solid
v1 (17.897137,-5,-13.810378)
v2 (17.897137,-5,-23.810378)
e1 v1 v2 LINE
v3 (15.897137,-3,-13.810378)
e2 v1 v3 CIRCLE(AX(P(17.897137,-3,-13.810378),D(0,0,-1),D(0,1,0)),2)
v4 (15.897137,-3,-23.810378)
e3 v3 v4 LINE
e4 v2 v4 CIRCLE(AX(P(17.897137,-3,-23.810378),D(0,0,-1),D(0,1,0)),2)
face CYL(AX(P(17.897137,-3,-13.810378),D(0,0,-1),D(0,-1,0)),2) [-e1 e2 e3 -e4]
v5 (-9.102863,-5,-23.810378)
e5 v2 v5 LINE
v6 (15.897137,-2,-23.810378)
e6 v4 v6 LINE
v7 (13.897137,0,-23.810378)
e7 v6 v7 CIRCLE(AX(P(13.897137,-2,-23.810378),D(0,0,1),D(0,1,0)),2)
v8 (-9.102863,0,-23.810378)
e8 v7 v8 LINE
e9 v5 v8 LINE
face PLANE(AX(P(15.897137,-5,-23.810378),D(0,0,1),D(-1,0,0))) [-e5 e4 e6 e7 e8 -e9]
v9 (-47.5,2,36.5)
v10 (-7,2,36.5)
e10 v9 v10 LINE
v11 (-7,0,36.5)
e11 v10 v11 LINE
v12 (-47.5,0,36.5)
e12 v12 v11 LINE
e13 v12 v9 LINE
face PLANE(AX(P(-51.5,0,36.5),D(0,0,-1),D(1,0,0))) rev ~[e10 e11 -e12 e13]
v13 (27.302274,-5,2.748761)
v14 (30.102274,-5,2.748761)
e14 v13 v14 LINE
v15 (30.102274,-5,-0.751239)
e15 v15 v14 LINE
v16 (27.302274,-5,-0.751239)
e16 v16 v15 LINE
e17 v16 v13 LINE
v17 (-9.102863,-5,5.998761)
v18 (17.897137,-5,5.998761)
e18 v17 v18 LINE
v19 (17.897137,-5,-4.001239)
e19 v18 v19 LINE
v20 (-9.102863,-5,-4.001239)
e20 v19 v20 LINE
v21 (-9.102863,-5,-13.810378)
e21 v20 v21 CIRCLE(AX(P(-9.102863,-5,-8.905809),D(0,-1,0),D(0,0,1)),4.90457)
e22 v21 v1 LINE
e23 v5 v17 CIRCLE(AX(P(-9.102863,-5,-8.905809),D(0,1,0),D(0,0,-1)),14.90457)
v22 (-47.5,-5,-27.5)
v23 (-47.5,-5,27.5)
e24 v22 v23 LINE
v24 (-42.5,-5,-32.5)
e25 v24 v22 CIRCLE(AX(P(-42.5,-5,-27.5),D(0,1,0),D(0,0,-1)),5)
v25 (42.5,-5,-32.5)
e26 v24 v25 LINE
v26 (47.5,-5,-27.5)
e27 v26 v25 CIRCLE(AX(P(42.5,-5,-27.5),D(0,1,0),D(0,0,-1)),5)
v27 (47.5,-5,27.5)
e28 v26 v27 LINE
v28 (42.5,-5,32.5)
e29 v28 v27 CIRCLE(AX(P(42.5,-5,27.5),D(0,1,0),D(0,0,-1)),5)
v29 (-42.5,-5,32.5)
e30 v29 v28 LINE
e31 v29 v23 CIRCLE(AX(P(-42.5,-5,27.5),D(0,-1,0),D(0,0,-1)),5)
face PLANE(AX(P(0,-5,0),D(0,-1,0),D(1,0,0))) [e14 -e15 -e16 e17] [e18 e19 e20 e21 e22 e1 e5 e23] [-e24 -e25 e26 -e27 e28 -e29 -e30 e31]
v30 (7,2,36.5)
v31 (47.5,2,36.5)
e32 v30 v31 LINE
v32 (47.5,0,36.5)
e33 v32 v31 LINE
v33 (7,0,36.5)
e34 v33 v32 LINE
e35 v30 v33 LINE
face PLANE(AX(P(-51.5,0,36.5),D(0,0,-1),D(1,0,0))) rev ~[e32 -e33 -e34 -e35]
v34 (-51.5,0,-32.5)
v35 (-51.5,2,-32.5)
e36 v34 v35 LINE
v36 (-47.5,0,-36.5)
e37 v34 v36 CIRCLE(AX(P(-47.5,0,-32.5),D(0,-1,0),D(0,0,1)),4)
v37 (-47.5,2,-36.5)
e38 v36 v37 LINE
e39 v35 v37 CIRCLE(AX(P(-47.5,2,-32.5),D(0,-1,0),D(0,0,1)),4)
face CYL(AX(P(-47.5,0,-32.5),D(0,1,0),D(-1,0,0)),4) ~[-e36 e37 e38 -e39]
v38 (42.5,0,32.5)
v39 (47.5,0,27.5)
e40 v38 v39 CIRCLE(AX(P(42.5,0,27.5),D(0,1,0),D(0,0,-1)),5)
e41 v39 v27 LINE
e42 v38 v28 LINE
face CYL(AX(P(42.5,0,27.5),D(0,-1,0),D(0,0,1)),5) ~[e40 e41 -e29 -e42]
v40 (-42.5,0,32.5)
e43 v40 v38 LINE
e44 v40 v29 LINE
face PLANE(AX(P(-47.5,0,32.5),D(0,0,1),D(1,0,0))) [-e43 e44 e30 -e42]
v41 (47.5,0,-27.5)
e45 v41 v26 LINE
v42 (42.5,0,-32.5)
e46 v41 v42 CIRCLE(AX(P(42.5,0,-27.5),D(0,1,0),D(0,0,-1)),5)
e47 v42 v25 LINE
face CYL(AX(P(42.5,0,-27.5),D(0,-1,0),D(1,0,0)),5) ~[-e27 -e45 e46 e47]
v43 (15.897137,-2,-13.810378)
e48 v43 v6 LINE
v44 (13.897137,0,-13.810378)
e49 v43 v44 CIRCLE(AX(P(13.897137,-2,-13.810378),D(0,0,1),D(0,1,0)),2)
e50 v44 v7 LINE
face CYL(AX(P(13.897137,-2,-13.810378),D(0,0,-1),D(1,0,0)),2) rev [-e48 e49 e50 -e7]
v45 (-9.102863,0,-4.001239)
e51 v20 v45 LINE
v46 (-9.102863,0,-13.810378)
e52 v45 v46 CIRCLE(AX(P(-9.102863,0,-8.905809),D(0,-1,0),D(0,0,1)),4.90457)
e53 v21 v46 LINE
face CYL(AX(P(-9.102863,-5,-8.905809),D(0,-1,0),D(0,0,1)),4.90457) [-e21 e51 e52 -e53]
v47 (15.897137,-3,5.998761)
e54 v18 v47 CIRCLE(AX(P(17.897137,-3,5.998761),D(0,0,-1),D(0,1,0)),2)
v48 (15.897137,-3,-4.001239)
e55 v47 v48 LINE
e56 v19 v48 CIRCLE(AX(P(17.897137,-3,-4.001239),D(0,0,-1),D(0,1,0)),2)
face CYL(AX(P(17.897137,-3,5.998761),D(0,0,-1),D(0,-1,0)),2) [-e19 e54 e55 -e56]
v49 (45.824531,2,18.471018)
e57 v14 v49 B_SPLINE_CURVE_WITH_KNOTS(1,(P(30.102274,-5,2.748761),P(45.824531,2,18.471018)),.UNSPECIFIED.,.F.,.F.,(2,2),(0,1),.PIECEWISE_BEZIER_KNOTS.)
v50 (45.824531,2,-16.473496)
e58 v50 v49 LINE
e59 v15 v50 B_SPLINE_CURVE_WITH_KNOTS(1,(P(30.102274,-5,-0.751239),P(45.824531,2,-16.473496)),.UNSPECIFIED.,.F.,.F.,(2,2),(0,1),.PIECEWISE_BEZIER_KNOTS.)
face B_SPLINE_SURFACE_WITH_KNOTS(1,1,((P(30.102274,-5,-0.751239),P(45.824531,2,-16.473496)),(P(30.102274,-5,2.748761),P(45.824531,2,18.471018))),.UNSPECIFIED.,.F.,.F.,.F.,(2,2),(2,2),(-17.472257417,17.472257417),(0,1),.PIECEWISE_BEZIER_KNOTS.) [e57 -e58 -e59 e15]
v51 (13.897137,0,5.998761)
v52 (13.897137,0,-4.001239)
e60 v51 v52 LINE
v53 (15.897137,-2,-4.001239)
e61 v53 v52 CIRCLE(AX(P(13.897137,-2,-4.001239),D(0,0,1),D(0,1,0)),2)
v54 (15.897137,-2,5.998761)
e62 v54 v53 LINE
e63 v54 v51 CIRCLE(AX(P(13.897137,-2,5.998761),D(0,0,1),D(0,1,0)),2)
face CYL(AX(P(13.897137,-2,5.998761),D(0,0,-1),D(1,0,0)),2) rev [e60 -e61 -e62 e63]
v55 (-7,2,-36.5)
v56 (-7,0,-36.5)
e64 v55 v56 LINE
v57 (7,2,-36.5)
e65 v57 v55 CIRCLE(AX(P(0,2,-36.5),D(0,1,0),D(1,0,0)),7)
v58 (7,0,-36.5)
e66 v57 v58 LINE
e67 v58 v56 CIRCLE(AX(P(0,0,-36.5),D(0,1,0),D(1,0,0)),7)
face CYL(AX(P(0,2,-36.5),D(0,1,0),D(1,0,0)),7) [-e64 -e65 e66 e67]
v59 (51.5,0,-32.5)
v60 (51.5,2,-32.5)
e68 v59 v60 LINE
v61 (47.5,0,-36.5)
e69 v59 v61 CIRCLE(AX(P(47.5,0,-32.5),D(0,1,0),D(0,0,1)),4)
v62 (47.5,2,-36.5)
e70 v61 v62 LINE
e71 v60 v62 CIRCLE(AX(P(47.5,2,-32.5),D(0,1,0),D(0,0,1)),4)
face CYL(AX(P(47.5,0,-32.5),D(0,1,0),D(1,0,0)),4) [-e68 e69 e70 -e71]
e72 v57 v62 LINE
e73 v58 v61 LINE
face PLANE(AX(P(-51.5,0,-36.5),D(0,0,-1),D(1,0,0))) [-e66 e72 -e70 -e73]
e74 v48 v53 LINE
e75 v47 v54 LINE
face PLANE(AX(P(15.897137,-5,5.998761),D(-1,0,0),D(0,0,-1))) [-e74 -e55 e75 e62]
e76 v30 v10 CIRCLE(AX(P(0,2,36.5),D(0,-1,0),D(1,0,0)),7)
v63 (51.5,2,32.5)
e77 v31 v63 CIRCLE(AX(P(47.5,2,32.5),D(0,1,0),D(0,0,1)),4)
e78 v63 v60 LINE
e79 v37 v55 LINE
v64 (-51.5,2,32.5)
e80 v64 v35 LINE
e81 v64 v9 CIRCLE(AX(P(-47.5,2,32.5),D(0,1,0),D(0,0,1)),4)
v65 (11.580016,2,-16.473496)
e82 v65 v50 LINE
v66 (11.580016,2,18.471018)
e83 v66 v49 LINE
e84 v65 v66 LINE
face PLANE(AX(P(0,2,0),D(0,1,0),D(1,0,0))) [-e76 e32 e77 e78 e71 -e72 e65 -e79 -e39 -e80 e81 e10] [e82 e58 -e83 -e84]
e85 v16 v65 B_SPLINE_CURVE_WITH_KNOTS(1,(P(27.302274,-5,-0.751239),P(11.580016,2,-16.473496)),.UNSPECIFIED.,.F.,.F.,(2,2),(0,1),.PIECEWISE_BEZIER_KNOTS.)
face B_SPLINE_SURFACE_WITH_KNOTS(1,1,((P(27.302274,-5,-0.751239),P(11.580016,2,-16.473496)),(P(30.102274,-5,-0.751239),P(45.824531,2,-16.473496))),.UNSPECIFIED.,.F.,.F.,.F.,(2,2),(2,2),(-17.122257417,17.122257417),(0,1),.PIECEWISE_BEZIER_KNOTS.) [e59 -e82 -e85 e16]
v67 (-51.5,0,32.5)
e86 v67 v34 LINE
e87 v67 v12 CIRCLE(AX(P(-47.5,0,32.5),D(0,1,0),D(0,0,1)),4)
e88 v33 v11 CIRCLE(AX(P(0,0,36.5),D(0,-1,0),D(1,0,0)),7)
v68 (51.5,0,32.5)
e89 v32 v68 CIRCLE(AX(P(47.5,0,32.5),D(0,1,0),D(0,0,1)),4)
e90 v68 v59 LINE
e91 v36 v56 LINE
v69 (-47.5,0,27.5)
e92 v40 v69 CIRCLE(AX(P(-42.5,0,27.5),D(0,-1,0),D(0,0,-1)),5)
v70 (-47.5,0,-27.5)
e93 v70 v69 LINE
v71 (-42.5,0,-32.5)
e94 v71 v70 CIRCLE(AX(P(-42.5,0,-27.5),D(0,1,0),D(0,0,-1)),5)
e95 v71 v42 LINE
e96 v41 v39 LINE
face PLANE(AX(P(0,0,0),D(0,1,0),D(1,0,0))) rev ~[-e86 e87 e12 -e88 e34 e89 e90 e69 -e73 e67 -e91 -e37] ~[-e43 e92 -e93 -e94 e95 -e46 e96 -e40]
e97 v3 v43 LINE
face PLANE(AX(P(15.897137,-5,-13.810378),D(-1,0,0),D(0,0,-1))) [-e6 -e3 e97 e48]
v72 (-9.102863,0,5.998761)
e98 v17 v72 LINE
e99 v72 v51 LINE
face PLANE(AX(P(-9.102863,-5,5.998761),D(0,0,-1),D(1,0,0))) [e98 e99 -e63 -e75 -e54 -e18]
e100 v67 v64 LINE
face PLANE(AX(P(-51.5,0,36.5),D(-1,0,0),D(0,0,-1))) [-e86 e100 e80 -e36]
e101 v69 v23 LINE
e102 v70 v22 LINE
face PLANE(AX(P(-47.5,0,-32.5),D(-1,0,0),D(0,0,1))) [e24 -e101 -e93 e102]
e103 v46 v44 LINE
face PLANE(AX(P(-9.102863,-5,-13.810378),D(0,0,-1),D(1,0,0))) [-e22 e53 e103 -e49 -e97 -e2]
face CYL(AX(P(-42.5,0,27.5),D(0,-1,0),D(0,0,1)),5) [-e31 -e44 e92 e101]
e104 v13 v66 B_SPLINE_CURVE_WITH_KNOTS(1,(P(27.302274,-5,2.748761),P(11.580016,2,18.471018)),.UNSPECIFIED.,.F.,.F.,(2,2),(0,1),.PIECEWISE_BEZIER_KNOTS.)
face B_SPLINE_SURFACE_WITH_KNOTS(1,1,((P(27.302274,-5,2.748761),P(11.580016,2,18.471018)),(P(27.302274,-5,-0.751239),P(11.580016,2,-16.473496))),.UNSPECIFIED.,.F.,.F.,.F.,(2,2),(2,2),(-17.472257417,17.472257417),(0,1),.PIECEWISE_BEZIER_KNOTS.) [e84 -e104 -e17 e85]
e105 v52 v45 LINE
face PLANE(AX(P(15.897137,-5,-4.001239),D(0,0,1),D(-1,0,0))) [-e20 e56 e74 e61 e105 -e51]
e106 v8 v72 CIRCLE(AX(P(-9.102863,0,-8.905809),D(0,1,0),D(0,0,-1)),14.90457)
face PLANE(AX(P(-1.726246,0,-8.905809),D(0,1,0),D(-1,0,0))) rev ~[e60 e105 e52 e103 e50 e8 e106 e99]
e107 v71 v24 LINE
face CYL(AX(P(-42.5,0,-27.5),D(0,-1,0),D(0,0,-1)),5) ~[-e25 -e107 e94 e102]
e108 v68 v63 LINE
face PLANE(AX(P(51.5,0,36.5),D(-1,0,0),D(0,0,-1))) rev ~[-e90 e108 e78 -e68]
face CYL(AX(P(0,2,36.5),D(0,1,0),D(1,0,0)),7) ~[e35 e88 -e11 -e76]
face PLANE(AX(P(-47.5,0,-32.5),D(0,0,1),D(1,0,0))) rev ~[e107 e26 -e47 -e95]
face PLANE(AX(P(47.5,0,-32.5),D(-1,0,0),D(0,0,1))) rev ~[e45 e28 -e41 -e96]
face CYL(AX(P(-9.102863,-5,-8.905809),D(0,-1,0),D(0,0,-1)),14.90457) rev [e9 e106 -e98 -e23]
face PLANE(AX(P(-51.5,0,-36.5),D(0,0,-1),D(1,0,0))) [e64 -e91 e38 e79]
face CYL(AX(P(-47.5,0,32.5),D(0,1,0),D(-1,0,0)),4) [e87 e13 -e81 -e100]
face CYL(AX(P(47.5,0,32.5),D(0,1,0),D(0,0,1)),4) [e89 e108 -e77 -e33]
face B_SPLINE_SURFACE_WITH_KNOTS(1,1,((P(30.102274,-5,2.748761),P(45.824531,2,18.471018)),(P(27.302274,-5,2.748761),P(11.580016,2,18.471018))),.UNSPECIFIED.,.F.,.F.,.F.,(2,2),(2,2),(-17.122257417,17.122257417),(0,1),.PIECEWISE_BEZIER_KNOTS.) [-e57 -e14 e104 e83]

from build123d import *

# Parameters (mm, degrees)
SKETCH1_W           = 103
SKETCH1_H           = 73
BOSS_EXTRUDE1_DEPTH = 2
SKETCH2_W           = 95
SKETCH2_H           = 65
BOSS_EXTRUDE2_DEPTH = 5
BOSS_EXTRUDE3_DEPTH = 2
SKETCH12_W          = 2.8
SKETCH12_H          = 3.5
CUT_EXTRUDE3_DEPTH  = 7
CUT_EXTRUDE3_TAPER  = -66
FILLET4_R           = 4
CUT_EXTRUDE5_DEPTH  = 5
FILLET5_R           = 2
FILLET6_R           = 5


with BuildPart() as part:
    # Sketch1 → Boss-Extrude1 (new body)
    with BuildSketch(Plane(origin=(0, 0, 0), x_dir=(1, 0, 0), z_dir=(0, 1, 0))):
        Rectangle(SKETCH1_W, SKETCH1_H)
    extrude(amount=BOSS_EXTRUDE1_DEPTH)

    # Sketch2 → Boss-Extrude2 (add)
    with BuildSketch(Plane.XZ):
        Rectangle(SKETCH2_W, SKETCH2_H)
    extrude(amount=BOSS_EXTRUDE2_DEPTH)

    # Sketch3 → Boss-Extrude3 (add)
    with BuildSketch(Plane(origin=(0, 2, 0), x_dir=(1, 0, 0), z_dir=(0, 1, 0))):
        with BuildLine():
            Line((-7, -36.5), (7, -36.5))
            ThreePointArc((7, -36.5), (0, -43.5), (-7, -36.5))
        make_face()
    boss_extrude3 = extrude(amount=-BOSS_EXTRUDE3_DEPTH)

    # Mirror1: Boss-Extrude3 across plane
    add(boss_extrude3.mirror(Plane.XY))

    # Sketch12 → Cut-Extrude3 (cut)
    with BuildSketch(Plane.XZ.offset(5)):
        with Locations((28.702273545, 0.998760933)):
            Rectangle(SKETCH12_W, SKETCH12_H)
    extrude(amount=-CUT_EXTRUDE3_DEPTH, taper=CUT_EXTRUDE3_TAPER, mode=Mode.SUBTRACT)

    # Fillet4
    fillet4_edges = [part.edges().sort_by_distance(p)[0] for p in [
        (51.5, 1, 36.5),
        (-51.5, 1, 36.5),
        (-51.5, 1, -36.5),
        (51.5, 1, -36.5),
    ]]
    fillet(fillet4_edges, radius=FILLET4_R)

    # Sketch13 → Cut-Extrude5 (cut)
    with BuildSketch(Plane.XZ.offset(5)):
        with BuildLine():
            ThreePointArc((-9.102862796, -4.001239067), (-14.007432374, -8.905808645), (-9.102862796, -13.810378223))
            Line((-9.102862796, -13.810378223), (15.897137204, -13.810378223))
            Line((15.897137204, -13.810378223), (15.897137204, -23.810378223))
            Line((15.897137204, -23.810378223), (-9.102862796, -23.810378223))
            ThreePointArc((-9.102862796, -23.810378223), (-24.007432374, -8.905808645), (-9.102862796, 5.998760933))
            Line((-9.102862796, 5.998760933), (10.507409885, 5.998760933))
            Line((10.507409885, 5.998760933), (15.897137204, 5.998760933))
            Line((15.897137204, 5.998760933), (15.897137204, -4.001239067))
            Line((15.897137204, -4.001239067), (14.523166563, -4.001239067))
            Line((14.523166563, -4.001239067), (-9.102862796, -4.001239067))
        make_face()
    extrude(amount=-CUT_EXTRUDE5_DEPTH, mode=Mode.SUBTRACT)

    # Fillet5
    fillet5_edges = [part.edges().sort_by_distance(p)[0] for p in [
        (15.897137204, 0, -18.810378223),
        (15.897137204, 0, 0.998760933),
        (15.897137204, -5, -18.810378223),
        (15.897137204, -5, 0.998760933),
    ]]
    fillet(fillet5_edges, radius=FILLET5_R)

    # Fillet6
    fillet6_edges = [part.edges().sort_by_distance(p)[0] for p in [
        (-47.5, -2.5, -32.5),
        (47.5, -2.5, -32.5),
        (47.5, -2.5, 32.5),
        (-47.5, -2.5, 32.5),
    ]]
    fillet(fillet6_edges, radius=FILLET6_R)


solid = part.part
